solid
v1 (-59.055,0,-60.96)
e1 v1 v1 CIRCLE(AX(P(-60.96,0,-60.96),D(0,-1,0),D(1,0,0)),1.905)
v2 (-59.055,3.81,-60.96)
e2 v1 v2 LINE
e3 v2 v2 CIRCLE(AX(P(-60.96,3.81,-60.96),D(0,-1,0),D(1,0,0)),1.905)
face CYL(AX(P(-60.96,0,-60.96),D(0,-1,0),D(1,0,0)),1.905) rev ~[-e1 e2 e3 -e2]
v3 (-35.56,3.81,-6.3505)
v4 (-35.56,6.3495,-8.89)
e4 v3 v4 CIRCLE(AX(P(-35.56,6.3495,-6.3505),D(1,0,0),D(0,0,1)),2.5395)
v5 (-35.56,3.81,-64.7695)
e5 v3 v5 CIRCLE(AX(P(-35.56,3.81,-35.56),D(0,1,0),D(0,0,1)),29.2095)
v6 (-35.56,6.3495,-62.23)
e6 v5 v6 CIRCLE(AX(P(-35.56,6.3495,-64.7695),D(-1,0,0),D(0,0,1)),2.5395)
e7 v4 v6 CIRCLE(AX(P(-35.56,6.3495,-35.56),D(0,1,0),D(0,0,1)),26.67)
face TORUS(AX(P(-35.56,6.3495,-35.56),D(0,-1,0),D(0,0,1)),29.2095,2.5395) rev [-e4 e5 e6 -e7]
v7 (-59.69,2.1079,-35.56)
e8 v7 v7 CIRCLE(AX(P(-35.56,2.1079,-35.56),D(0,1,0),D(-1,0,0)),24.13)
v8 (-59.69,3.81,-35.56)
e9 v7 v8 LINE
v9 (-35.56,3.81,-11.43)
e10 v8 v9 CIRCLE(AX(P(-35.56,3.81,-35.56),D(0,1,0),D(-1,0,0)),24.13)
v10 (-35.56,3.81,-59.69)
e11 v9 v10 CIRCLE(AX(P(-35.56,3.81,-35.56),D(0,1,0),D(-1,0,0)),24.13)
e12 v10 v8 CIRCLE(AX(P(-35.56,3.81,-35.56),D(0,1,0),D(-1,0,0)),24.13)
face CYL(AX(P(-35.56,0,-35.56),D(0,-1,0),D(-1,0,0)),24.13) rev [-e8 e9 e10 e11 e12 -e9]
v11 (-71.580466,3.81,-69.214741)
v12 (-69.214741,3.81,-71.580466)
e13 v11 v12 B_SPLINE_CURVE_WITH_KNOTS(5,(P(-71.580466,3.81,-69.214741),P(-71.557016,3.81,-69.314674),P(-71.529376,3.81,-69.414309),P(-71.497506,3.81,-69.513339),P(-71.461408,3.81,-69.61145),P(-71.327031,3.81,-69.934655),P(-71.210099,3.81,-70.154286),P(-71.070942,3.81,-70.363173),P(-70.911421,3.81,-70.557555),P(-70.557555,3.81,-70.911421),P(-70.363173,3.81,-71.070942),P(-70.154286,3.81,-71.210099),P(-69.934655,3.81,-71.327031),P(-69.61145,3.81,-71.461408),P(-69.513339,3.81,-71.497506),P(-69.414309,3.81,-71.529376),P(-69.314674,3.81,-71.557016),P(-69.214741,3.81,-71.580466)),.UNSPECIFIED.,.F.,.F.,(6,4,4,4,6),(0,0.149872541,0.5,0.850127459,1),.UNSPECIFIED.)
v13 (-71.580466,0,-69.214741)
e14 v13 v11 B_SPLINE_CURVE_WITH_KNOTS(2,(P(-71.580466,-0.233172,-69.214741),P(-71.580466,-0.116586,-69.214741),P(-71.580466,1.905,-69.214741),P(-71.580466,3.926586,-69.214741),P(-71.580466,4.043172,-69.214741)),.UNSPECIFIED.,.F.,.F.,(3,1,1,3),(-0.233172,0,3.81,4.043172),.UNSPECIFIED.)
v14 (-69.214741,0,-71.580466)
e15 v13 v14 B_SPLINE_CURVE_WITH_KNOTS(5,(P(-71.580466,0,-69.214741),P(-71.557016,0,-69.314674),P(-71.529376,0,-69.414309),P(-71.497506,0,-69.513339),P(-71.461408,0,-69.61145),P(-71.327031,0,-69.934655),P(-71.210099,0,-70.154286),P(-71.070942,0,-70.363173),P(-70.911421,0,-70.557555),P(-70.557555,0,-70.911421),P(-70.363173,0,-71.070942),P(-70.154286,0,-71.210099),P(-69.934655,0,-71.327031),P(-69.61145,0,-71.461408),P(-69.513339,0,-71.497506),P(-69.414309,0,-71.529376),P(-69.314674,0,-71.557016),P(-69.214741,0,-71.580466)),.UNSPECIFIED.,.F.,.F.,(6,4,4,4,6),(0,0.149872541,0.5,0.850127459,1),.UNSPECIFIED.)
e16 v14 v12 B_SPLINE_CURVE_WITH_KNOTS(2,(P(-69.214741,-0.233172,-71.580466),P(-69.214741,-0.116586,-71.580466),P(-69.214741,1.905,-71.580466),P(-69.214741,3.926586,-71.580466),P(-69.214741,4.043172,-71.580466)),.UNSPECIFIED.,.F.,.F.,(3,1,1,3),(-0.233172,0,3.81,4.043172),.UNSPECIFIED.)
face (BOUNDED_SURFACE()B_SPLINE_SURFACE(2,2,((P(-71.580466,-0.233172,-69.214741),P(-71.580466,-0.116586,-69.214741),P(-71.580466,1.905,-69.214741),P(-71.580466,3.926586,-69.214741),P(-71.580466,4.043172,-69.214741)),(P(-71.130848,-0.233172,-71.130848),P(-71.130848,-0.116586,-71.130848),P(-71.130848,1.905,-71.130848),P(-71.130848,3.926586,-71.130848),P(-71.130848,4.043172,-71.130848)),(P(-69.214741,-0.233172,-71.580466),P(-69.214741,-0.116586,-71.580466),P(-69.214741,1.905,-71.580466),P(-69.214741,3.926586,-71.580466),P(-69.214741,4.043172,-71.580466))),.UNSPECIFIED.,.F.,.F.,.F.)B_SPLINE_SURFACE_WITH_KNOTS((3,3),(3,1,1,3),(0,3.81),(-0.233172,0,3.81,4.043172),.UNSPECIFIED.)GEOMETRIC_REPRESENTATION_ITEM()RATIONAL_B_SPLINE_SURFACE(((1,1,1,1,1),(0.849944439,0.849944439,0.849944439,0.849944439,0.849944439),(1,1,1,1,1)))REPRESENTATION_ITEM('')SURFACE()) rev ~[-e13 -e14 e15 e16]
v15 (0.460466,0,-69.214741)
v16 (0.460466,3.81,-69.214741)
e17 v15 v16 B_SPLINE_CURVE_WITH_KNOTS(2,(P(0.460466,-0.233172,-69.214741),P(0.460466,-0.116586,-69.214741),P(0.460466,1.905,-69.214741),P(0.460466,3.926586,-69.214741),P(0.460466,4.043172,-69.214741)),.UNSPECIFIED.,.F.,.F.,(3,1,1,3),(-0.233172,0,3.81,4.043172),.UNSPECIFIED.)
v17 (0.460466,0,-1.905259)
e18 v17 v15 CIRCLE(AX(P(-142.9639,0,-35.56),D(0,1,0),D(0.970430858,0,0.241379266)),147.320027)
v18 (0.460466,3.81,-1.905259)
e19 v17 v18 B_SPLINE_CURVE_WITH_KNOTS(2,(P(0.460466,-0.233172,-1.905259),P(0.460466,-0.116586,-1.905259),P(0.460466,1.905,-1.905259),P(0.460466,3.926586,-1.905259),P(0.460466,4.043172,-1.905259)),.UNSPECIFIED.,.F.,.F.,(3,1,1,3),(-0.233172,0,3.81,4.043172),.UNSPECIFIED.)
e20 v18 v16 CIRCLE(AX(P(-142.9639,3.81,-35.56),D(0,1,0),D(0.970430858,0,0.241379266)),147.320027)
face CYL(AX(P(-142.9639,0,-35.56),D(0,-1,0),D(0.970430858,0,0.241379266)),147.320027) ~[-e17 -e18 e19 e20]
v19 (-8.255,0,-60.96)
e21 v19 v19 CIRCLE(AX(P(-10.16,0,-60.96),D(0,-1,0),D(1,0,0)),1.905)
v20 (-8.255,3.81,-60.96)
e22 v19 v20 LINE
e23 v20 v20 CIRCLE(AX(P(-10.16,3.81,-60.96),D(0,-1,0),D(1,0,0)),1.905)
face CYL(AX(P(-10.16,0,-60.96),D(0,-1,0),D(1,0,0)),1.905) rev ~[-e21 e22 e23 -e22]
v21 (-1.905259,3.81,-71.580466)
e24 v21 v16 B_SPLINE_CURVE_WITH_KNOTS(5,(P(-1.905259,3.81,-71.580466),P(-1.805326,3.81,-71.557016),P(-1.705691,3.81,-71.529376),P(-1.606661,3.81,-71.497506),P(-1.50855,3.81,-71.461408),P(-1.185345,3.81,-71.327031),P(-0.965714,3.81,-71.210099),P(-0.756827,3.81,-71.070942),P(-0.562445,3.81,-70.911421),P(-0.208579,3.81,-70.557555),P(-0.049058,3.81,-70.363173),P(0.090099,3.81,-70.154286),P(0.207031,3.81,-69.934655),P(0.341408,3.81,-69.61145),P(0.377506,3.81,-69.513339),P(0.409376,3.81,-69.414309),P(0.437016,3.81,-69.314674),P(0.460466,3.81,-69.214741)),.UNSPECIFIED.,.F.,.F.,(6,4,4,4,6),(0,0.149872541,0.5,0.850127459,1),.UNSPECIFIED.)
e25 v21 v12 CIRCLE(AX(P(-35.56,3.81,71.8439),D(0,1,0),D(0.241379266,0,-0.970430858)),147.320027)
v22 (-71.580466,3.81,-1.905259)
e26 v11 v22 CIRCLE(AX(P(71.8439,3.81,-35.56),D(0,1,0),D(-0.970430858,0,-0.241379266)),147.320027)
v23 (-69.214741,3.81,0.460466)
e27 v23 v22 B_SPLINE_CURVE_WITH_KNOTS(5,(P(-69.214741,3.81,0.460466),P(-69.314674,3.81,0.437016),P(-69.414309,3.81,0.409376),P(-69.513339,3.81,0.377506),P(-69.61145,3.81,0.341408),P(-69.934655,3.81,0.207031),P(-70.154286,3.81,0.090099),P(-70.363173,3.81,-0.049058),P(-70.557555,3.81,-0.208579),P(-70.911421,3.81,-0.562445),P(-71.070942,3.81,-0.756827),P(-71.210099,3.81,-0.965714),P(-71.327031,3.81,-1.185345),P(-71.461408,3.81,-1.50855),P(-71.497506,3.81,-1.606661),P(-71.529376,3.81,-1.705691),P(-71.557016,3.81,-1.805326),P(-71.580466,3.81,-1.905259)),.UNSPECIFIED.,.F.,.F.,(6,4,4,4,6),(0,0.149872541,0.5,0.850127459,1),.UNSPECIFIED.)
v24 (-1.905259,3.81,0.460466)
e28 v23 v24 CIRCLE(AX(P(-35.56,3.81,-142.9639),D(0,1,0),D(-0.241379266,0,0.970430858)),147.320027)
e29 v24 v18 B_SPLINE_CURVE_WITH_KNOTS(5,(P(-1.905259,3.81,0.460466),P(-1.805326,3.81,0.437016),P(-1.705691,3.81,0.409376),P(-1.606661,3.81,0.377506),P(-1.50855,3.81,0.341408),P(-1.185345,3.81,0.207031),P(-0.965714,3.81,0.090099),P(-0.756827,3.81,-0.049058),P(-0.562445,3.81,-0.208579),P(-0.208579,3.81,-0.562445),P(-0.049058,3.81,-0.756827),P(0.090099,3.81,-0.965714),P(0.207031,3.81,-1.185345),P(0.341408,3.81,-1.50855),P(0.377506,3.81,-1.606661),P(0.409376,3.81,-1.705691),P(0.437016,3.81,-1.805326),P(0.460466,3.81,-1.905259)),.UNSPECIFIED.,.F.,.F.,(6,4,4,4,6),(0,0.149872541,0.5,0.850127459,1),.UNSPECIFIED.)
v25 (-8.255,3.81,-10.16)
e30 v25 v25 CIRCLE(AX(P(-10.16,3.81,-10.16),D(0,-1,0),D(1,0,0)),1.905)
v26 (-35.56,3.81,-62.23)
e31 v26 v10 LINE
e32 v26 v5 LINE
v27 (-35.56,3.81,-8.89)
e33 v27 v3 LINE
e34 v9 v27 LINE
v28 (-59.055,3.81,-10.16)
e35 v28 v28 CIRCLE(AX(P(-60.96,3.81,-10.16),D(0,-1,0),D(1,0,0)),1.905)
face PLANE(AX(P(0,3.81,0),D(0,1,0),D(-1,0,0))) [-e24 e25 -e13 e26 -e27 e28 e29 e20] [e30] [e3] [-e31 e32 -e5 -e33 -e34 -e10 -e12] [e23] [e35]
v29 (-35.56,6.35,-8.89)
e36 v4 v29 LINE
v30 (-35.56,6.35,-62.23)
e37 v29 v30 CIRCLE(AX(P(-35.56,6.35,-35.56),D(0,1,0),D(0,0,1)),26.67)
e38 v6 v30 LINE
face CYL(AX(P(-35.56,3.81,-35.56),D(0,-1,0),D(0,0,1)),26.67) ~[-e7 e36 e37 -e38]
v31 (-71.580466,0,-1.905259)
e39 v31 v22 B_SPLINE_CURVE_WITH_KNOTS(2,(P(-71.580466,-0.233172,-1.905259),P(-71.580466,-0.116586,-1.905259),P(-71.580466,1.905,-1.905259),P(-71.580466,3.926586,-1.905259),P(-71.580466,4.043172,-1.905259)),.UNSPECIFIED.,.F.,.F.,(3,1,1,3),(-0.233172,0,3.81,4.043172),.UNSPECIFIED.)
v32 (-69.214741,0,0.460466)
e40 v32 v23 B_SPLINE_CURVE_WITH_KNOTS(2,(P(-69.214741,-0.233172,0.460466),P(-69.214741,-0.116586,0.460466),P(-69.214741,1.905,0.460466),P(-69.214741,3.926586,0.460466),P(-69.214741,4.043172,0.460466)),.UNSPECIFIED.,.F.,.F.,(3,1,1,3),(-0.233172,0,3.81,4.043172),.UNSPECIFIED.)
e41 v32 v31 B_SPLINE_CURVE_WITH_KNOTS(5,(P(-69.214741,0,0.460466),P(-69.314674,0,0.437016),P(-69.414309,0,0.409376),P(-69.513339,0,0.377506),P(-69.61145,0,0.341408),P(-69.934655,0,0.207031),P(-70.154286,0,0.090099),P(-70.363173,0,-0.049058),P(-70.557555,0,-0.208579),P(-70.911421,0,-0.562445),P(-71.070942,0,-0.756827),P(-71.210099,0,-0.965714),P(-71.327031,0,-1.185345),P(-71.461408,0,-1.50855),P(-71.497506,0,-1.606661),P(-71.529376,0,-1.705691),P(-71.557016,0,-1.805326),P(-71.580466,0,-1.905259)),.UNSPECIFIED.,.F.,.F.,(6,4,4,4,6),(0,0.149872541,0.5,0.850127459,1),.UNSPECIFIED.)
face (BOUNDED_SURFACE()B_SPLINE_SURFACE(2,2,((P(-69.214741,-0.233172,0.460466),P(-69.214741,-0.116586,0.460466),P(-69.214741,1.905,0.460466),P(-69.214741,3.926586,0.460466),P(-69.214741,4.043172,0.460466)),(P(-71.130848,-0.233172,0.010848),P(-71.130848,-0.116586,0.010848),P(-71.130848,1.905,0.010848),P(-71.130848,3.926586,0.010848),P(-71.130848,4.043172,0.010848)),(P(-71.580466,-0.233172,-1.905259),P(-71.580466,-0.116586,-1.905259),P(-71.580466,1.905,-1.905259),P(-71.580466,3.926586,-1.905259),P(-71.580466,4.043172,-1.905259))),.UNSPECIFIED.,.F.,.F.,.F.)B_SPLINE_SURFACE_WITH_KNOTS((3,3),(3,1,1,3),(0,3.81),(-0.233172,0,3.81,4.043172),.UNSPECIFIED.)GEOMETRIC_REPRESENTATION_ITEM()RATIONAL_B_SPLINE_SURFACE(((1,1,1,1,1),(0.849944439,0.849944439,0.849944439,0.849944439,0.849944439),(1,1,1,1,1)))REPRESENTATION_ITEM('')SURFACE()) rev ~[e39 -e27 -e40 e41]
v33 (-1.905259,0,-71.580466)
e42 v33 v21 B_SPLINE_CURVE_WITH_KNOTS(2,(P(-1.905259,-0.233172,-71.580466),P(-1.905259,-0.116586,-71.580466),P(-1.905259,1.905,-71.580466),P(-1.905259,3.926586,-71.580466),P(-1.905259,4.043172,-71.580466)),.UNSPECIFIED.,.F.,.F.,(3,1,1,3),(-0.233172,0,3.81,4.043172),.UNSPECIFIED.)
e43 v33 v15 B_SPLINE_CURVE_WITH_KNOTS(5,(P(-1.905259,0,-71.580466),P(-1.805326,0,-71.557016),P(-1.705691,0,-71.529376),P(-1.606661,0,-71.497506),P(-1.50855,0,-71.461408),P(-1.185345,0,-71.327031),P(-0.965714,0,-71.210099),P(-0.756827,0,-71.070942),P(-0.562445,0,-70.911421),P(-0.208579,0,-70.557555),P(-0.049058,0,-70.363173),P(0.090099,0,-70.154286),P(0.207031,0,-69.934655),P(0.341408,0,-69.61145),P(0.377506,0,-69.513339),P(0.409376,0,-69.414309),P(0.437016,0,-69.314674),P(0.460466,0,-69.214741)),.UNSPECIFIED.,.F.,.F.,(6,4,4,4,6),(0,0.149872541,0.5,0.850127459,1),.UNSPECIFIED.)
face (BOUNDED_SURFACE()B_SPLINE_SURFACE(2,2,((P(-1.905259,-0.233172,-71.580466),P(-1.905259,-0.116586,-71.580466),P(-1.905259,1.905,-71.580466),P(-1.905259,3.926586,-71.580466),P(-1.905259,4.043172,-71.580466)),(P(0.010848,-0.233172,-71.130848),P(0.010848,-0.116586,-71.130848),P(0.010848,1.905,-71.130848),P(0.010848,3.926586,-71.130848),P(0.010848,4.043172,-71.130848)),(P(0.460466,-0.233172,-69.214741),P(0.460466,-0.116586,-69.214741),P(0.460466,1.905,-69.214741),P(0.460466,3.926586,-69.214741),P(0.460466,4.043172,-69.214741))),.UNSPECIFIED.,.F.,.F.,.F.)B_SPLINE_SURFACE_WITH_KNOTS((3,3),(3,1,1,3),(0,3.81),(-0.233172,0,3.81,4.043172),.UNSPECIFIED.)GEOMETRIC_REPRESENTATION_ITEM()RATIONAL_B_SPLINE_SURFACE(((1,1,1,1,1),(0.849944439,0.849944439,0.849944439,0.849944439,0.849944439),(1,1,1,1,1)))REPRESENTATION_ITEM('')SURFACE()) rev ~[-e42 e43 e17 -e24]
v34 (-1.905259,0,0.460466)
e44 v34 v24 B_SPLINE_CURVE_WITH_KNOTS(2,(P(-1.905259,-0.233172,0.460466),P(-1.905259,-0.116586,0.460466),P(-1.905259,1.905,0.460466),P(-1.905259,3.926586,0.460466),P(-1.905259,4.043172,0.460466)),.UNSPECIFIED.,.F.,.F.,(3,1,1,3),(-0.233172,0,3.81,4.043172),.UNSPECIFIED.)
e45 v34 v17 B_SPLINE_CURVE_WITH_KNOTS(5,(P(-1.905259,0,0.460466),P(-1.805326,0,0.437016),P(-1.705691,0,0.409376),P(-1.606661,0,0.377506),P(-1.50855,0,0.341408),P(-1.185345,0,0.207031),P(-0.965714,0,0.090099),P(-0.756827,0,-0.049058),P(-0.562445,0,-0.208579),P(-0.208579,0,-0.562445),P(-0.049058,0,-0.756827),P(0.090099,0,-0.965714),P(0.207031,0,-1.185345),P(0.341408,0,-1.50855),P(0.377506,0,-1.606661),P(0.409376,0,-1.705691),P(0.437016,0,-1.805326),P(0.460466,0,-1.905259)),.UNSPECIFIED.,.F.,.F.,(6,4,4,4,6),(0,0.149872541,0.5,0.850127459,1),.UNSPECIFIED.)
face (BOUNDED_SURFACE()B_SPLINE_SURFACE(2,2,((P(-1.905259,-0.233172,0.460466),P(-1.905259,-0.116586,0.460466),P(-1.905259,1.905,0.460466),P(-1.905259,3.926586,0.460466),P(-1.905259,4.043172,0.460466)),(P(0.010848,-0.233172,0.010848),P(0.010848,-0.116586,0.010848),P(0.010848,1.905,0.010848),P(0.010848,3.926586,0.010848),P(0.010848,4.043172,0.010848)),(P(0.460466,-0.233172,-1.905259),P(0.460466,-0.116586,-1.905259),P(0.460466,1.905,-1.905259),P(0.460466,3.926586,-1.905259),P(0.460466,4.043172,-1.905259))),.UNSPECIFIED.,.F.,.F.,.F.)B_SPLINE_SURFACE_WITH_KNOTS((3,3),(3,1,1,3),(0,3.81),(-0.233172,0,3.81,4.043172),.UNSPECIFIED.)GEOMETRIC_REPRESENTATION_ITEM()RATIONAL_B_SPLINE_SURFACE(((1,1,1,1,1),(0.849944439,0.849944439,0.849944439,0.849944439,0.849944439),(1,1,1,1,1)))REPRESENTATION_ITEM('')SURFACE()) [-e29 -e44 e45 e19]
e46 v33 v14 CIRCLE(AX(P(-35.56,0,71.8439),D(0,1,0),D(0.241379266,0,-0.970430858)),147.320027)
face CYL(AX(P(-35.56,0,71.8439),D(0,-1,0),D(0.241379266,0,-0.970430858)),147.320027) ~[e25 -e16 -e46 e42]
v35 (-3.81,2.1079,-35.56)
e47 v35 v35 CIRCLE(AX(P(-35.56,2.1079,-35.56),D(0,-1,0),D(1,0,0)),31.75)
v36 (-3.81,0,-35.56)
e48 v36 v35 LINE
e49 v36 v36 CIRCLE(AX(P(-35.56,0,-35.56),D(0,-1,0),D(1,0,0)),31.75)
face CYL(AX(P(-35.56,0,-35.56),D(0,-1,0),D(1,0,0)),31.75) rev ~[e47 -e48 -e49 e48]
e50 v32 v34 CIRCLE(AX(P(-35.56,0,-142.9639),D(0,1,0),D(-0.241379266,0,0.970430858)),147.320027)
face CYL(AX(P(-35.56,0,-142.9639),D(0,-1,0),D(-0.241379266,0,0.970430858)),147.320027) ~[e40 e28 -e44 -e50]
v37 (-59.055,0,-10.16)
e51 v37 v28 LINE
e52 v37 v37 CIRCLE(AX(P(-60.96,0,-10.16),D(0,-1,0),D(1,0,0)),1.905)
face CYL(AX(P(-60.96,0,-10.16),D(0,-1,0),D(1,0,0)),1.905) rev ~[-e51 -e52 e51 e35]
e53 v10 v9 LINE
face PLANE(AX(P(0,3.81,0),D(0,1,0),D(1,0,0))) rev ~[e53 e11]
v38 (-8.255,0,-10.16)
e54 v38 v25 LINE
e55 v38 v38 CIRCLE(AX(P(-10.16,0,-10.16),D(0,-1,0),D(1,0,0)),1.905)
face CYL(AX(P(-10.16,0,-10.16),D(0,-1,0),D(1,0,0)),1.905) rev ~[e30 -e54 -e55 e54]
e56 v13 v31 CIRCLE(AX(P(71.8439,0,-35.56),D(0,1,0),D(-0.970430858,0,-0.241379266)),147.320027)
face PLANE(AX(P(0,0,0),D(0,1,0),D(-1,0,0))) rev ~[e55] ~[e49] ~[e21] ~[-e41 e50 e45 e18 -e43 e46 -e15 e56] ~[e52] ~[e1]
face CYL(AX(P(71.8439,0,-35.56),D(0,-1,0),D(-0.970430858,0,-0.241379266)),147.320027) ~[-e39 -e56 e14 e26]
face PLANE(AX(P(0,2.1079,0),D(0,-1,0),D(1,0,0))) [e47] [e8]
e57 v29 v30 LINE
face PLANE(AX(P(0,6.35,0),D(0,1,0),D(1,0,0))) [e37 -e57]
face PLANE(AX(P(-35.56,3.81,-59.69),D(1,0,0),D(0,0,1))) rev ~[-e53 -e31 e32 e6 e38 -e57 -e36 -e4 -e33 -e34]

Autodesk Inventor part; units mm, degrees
ref_plane "YZ Plane" through (0, 0, 0) normal (1, 0, 0) x (0, 1, 0)
ref_plane "XZ Plane" through (0, 0, 0) normal (0, 1, 0) x (-1, 0, 0)
ref_plane "XY Plane" through (0, 0, 0) normal (0, 0, 1) x (1, 0, 0)
sketch "Sketch1" plane through (0, 0, 0) normal (0, 1, 0) x (-1, 0, 0)
  line L0 (0, 0) -> (0, -71.12)
  line L1 (0, -71.12) -> (71.12, -71.12)
  line L2 (71.12, -71.12) -> (71.12, 0)
  line L3 (71.12, 0) -> (0, 0)
  arc A0 (71.12, -71.12) -> (71.12, 0) centre (-71.8439, -35.56) ccw
  arc A1 (0, 0) -> (0, -71.12) centre (142.9639, -35.56) ccw
  arc A2 (0, -71.12) -> (71.12, -71.12) centre (35.56, 71.8439) ccw
  arc A3 (71.12, 0) -> (0, 0) centre (35.56, -142.9639) ccw
  circle A4 centre (35.56, -35.56) radius 24.13
  dimension "d9" = 71.12
  dimension "d10" = 71.12
  dimension "d14" = 147.32
  dimension "d17" = 48.26
  dimension "d18" = 35.56
  dimension "d19" = 35.56
extrude "Extrusion1" add sketch "Sketch1" along normal blind 3.81
fillet "Fillet1" radius 3.175 4 edges at (0, 1.905, 0) (0, 1.905, -71.12) (-71.12, 1.905, 0) (-71.12, 1.905, -71.12)
sketch "Sketch2" plane through (0, 3.81, 0) normal (0, 1, 0) x (1, 0, 0)
  point P0 (0, 0)
sketch "Sketch3" plane through (0, 0, 0) normal (0, -1, 0) x (1, 0, 0)
  circle A0 centre (-35.56, -35.56) radius 24.13 projected
  circle A1 centre (-35.56, -35.56) radius 31.75
  circle A2 centre (-35.56, -35.56) radius 24.13
  point P0 (0, 0)
  dimension "d23" = 63.5
extrude "Extrusion2" cut sketch "Sketch3" against normal blind 2.1079
sketch "Sketch4" plane through (0, 0, 0) normal (0, -1, 0) x (1, 0, 0)
  circle A0 centre (-35.56, -35.56) radius 24.13 projected
  circle A1 centre (-35.56, -35.56) radius 31.75 projected
  circle A2 centre (-60.96, -10.16) radius 1.905
  arc A3 (-1.9053, 0.4605) -> (-69.2147, 0.4605) centre (-35.56, -142.9639) ccw construction
  line L0 (-35.56, 4.3561) -> (-35.56, -75.4761) construction
  arc A4 (-69.2147, -71.5805) -> (-1.9053, -71.5805) centre (-35.56, 71.8439) ccw construction
  arc A5 (-71.5805, -1.9053) -> (-71.5805, -69.2147) centre (71.8439, -35.56) ccw construction
  line L1 (-75.4761, -35.56) -> (4.3561, -35.56) construction
  arc A6 (0.4605, -69.2147) -> (0.4605, -1.9053) centre (-142.9639, -35.56) ccw construction
  line L2 (-75.4761, -35.56) -> (-75.4761, 1.4435) construction
  circle A7 centre (-10.16, -10.16) radius 1.905
  line L3 (4.3561, -35.56) -> (4.3561, 1.4435) construction
  circle A8 centre (-60.96, -60.96) radius 1.905
  circle A9 centre (-10.16, -60.96) radius 1.905
  point P0 (0, 0)
  dimension "d26" = 3.81
  dimension "d34" = 25.4
  dimension "d35" = 25.4
  dimension "d36" = 14.5161
  dimension "d37" = 14.5162
  dimension "d38" = 50.8
  dimension "d39" = 50.8
extrude "Extrusion3" cut sketch "Sketch4" against normal blind 25.4 contours A2 | A7 | A8 | A9
sketch "Sketch6" plane through (0, 0, 0) normal (0, -1, 0) x (1, 0, 0)
  point P0 (0, 0)
sketch "Sketch8" plane through (0, 3.81, 0) normal (0, 1, 0) x (1, 0, 0)
  circle A0 centre (-35.56, 35.56) radius 24.13 projected
  circle A1 centre (-35.56, 35.56) radius 24.13 construction
  line L0 (-35.56, 59.69) -> (-35.56, 62.23) construction
  line L1 (-35.56, 11.43) -> (-35.56, 8.89) construction
  line L2 (-11.43, 35.56) -> (-8.89, 35.56) construction
  arc A2 (-35.56, 8.89) -> (-35.56, 62.23) centre (-35.56, 35.56) ccw
  line L3 (-35.56, 62.23) -> (-35.56, 8.89)
  point P0 (0, 0)
  dimension "d44" = 2.54
  dimension "d45" = 2.54
  dimension "d46" = 2.54
extrude "Extrusion5" add sketch "Sketch8" along normal blind 2.54 contours A0 L3 | A0 L3 A2 picked at (-28.7553, 42.0502)
fillet "Fillet2" radius 2.54 1 edges at (-8.89, 3.81, -35.56)
properties part number "_3DPrint"
